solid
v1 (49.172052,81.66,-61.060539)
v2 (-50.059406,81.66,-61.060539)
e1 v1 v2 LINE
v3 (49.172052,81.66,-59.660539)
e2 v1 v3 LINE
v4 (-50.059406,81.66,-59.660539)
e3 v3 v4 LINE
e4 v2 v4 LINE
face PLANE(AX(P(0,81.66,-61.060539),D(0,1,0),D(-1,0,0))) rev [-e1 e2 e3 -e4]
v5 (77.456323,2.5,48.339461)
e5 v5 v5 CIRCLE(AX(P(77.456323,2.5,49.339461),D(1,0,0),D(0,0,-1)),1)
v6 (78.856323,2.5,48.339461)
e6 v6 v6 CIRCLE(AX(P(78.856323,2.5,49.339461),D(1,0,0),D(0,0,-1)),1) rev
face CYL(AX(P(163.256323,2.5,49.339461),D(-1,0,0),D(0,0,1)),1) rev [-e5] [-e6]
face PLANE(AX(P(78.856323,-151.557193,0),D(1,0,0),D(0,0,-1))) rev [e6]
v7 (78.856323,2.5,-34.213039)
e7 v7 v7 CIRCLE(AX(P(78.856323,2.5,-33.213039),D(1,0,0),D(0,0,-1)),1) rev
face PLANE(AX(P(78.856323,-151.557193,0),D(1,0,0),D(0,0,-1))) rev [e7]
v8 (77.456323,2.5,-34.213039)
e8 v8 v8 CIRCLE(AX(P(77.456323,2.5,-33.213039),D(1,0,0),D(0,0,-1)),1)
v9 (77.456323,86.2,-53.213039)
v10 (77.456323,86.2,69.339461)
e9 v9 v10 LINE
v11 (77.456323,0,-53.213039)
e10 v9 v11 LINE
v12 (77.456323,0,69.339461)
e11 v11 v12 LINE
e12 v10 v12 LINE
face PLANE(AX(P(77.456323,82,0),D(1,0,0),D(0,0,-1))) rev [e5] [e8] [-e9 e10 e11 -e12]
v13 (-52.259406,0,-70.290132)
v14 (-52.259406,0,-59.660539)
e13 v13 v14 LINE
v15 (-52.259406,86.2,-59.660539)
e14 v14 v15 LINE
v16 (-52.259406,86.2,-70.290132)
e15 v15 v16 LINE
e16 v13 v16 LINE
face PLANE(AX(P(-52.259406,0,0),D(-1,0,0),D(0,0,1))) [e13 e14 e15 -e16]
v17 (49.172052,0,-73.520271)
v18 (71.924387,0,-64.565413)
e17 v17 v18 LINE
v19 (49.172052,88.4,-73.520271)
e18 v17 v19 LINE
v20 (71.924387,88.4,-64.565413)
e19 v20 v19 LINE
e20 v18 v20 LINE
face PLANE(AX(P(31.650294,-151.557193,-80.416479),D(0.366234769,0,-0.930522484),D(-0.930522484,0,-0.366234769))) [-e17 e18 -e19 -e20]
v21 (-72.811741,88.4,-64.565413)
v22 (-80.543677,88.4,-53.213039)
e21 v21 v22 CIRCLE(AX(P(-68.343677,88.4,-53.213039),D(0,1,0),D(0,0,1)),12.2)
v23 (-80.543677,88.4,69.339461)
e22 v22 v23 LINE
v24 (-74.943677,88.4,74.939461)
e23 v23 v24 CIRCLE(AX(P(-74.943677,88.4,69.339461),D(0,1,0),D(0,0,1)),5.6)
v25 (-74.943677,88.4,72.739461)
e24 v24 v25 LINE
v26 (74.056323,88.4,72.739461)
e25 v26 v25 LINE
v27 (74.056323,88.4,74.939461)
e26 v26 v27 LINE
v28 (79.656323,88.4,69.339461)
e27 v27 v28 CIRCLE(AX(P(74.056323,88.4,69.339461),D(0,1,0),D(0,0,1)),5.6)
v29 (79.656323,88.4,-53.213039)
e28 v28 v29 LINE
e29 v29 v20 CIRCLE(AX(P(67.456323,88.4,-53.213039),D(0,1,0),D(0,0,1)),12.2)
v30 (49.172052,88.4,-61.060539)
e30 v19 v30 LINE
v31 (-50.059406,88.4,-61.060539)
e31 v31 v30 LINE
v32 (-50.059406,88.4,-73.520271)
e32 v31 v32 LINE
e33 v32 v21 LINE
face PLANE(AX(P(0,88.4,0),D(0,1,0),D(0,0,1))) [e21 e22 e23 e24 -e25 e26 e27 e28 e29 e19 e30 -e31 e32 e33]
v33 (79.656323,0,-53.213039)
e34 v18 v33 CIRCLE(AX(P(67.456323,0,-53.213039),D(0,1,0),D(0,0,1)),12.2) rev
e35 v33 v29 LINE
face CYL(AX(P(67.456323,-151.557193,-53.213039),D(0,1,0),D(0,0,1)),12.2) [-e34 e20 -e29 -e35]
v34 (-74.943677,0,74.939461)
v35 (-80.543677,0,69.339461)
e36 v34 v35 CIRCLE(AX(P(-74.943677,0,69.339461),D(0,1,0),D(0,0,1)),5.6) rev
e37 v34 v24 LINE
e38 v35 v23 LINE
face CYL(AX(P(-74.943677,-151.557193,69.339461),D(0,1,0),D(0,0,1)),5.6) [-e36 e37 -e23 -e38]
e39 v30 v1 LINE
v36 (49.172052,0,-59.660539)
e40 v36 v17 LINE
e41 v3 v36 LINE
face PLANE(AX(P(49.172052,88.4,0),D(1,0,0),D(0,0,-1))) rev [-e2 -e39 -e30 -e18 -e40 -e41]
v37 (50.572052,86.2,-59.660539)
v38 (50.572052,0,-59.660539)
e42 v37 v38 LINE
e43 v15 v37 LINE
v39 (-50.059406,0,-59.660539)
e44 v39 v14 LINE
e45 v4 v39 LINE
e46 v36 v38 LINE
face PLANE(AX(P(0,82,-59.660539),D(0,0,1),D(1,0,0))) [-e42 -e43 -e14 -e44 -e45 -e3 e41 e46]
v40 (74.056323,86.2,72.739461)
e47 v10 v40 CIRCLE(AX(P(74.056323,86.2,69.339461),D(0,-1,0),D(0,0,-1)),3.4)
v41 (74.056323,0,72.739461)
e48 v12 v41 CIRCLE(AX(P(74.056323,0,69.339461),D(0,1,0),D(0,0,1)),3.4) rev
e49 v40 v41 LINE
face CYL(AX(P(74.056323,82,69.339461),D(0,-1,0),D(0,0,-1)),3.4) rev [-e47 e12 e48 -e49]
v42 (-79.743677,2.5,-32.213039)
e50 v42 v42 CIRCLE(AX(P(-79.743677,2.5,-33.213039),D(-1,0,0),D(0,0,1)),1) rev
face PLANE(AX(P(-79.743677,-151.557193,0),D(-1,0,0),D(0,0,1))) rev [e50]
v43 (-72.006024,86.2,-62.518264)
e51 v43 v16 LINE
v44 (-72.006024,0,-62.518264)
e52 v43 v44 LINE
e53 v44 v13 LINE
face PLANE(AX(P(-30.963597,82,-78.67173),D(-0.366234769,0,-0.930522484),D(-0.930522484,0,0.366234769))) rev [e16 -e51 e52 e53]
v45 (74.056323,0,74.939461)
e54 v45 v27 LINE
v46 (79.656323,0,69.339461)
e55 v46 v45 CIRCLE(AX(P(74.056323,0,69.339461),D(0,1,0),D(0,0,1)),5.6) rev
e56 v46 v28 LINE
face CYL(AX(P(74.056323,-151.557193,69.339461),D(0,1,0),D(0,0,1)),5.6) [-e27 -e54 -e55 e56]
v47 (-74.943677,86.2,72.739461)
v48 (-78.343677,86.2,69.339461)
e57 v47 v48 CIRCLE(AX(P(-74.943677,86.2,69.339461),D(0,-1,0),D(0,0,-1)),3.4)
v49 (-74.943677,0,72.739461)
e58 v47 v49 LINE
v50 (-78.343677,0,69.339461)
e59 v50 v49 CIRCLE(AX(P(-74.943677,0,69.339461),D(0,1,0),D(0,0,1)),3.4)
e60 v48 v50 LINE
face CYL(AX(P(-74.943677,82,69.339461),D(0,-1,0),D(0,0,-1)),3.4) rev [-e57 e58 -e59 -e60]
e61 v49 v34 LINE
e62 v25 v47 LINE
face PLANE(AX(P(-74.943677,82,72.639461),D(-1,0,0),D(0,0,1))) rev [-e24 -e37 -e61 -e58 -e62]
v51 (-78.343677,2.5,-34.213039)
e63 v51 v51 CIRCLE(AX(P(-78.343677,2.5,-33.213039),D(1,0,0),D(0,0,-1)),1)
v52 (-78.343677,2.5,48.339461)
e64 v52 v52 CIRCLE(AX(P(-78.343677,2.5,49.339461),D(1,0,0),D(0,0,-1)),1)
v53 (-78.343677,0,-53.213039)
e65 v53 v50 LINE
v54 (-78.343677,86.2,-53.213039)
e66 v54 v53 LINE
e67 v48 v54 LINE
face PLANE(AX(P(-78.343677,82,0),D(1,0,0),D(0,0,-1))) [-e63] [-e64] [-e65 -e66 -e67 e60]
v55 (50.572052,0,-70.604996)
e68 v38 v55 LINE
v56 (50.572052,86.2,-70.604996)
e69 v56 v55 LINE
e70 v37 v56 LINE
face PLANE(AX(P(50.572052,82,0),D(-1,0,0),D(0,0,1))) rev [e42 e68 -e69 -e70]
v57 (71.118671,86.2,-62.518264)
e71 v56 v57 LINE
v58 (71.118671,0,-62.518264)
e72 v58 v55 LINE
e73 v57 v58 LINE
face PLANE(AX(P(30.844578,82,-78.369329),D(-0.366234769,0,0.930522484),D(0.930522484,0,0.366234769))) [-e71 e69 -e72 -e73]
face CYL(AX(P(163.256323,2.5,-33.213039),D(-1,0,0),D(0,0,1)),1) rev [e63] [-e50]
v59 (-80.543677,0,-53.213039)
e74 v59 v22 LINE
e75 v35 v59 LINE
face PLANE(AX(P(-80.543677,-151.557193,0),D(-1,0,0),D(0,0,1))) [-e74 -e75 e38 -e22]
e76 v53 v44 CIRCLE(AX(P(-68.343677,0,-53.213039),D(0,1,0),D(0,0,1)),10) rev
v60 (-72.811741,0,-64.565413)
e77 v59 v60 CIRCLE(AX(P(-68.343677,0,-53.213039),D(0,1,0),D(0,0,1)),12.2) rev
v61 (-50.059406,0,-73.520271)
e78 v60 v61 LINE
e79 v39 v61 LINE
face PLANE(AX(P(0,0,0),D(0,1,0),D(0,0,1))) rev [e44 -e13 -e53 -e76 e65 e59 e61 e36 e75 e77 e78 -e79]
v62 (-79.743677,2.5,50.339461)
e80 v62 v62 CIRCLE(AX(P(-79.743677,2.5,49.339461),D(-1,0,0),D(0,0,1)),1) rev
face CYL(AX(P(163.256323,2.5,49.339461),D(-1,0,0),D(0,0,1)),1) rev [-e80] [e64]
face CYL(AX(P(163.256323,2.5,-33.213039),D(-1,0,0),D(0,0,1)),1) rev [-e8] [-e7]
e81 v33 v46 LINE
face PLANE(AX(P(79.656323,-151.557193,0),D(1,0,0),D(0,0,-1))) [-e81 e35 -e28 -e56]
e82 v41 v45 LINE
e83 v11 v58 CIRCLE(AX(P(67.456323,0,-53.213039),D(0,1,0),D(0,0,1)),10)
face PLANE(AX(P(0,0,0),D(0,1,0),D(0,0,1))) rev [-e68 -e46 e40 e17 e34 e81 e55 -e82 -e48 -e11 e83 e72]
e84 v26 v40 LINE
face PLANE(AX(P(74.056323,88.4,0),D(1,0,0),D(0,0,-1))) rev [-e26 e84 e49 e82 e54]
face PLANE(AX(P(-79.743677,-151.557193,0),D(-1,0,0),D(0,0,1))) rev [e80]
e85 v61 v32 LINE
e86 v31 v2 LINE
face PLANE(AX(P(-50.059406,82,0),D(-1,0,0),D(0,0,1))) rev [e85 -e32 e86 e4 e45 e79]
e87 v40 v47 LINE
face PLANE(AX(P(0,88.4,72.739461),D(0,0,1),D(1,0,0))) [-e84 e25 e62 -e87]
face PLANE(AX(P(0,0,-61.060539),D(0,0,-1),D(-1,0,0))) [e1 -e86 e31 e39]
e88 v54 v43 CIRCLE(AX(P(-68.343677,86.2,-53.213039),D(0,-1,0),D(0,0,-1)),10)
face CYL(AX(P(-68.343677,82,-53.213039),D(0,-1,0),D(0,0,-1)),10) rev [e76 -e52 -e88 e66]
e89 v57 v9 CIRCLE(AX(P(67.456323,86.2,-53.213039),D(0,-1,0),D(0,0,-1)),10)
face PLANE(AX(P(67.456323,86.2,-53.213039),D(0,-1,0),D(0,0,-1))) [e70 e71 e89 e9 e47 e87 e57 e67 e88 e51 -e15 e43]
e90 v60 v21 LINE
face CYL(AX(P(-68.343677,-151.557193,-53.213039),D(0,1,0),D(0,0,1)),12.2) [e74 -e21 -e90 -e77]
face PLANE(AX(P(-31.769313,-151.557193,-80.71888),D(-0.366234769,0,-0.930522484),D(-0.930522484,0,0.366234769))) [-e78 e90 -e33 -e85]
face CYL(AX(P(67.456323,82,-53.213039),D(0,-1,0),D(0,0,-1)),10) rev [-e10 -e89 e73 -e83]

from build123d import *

# Parameters (mm, degrees)
BOSS_EXTRUDE2_DEPTH  = 82
BOSS_EXTRUDE3_DEPTH  = 1.5
SKETCH4_W            = 149
SKETCH4_H            = 82
CUT_EXTRUDE2_DEPTH   = 1.5
SKETCH5_W            = 99.231457505
SKETCH5_H            = 0.2
CUT_EXTRUDE3_DEPTH   = 18
SKETCH6_R            = 1
CUT_EXTRUDE4_DEPTH   = 243
CUT_EXTRUDE5_DEPTH   = 16.4
BOSS_EXTRUDE4_DEPTH  = 5
BOSS_EXTRUDE6_DEPTH  = 1.4
SKETCH10_W           = 99.231457505
SKETCH10_H           = 5.34
SKETCH10_H_2         = 1.4
BOSS_EXTRUDE7_DEPTH  = 1.4
BOSS_EXTRUDE8_DEPTH  = 88.4
BOSS_EXTRUDE9_DEPTH  = 0.8
SKETCH13_W           = 10.944457325
SKETCH13_H           = 86.2
BOSS_EXTRUDE10_DEPTH = 0.8


with BuildPart() as part:
    # Sketch1 → Boss-Extrude2 (new body)
    with BuildSketch(Plane(origin=(0, 0, 0), x_dir=(1, 0, 0), z_dir=(0, 1, 0))):
        with BuildLine():
            Line((-0.443676805, -72.739461341), (-0.443676805, -74.139461341))
            Line((-0.443676805, -74.139461341), (74.056323195, -74.139461341))
            ThreePointArc((74.056323195, -74.139461341), (77.450435745, -72.733573891), (78.856323195, -69.339461341))
            Line((78.856323195, -69.339461341), (78.856323195, -3.839461341))
            Line((78.856323195, -3.839461341), (78.856323195, 53.213038835))
            ThreePointArc((78.856323195, 53.213038835), (76.87852757, 59.630364191), (71.631399559, 63.820995158))
            Line((71.631399559, 63.820995158), (49.172051948, 72.660538659))
            Line((49.172051948, 72.660538659), (49.172051948, 71.156007577))
            Line((49.172051948, 71.156007577), (49.172051948, 59.660538659))
            Line((49.172051948, 59.660538659), (50.572051948, 59.660538659))
            Line((50.572051948, 59.660538659), (50.572051948, 70.604995984))
            Line((50.572051948, 70.604995984), (71.118670883, 62.51826368))
            ThreePointArc((71.118670883, 62.51826368), (75.721414752, 58.842271604), (77.456323195, 53.213038835))
            Line((77.456323195, 53.213038835), (77.456323195, -3.839461341))
            Line((77.456323195, -3.839461341), (77.456323195, -69.339461341))
            ThreePointArc((77.456323195, -69.339461341), (76.460486251, -71.743624398), (74.056323195, -72.739461341))
            Line((74.056323195, -72.739461341), (-0.443676805, -72.739461341))
        make_face()
        with BuildLine():
            Line((-74.943676805, -74.139461341), (-0.443676805, -74.139461341))
            Line((-0.443676805, -74.139461341), (-0.443676805, -72.739461341))
            Line((-0.443676805, -72.739461341), (-74.943676805, -72.739461341))
            ThreePointArc((-74.943676805, -72.739461341), (-77.347839861, -71.743624398), (-78.343676805, -69.339461341))
            Line((-78.343676805, -69.339461341), (-78.343676805, -3.839461341))
            Line((-78.343676805, -3.839461341), (-78.343676805, 53.213038835))
            ThreePointArc((-78.343676805, 53.213038835), (-76.608768361, 58.842271604), (-72.006024493, 62.51826368))
            Line((-72.006024493, 62.51826368), (-51.459405557, 70.604995984))
            Line((-51.459405557, 70.604995984), (-51.459405557, 59.660538659))
            Line((-51.459405557, 59.660538659), (-50.059405557, 59.660538659))
            Line((-50.059405557, 59.660538659), (-50.059405557, 71.156007577))
            Line((-50.059405557, 71.156007577), (-50.059405557, 72.660538659))
            Line((-50.059405557, 72.660538659), (-72.518753169, 63.820995158))
            ThreePointArc((-72.518753169, 63.820995158), (-77.765881179, 59.630364191), (-79.743676805, 53.213038835))
            Line((-79.743676805, 53.213038835), (-79.743676805, -3.839461341))
            Line((-79.743676805, -3.839461341), (-79.743676805, -69.339461341))
            ThreePointArc((-79.743676805, -69.339461341), (-78.337789355, -72.733573891), (-74.943676805, -74.139461341))
        make_face()
    extrude(amount=BOSS_EXTRUDE2_DEPTH)

    # Sketch3 → Boss-Extrude3 (add)
    with BuildSketch(Plane(origin=(0, 82, 0), x_dir=(1, 0, 0), z_dir=(0, 1, 0))):
        with BuildLine():
            Line((-50.059405557, 59.660538659), (49.172051948, 59.660538659))
            Line((49.172051948, 59.660538659), (50.572051948, 59.660538659))
            Line((50.572051948, 59.660538659), (50.572051948, 70.604995984))
            Line((50.572051948, 70.604995984), (71.118670883, 62.51826368))
            ThreePointArc((71.118670883, 62.51826368), (75.721414752, 58.842271604), (77.456323195, 53.213038835))
            Line((77.456323195, 53.213038835), (77.456323195, -69.339461341))
            ThreePointArc((77.456323195, -69.339461341), (76.460486251, -71.743624398), (74.056323195, -72.739461341))
            Line((74.056323195, -72.739461341), (-74.943676805, -72.739461341))
            ThreePointArc((-74.943676805, -72.739461341), (-77.347839861, -71.743624398), (-78.343676805, -69.339461341))
            Line((-78.343676805, -69.339461341), (-78.343676805, 53.213038835))
            ThreePointArc((-78.343676805, 53.213038835), (-76.608768361, 58.842271604), (-72.006024493, 62.51826368))
            Line((-72.006024493, 62.51826368), (-51.459405557, 70.604995984))
            Line((-51.459405557, 70.604995984), (-51.459405557, 59.660538659))
            Line((-51.459405557, 59.660538659), (-50.059405557, 59.660538659))
        make_face()
    extrude(amount=-BOSS_EXTRUDE3_DEPTH)

    # Sketch4 → Cut-Extrude2 (cut)
    with BuildSketch(Plane.XY.offset(74.139461341)):
        with Locations((-0.443676805, 41)):
            Rectangle(SKETCH4_W, SKETCH4_H)
    extrude(amount=-CUT_EXTRUDE2_DEPTH, mode=Mode.SUBTRACT)

    # Sketch5 → Cut-Extrude3 (cut)
    with BuildSketch(Plane(origin=(0, 82, 0), x_dir=(1, 0, 0), z_dir=(0, 1, 0))):
        with Locations((-0.443676805, 59.560538659)):
            Rectangle(SKETCH5_W, SKETCH5_H)
    extrude(amount=-CUT_EXTRUDE3_DEPTH, mode=Mode.SUBTRACT)

    # Sketch6 → Cut-Extrude4 (cut)
    with BuildSketch(Plane.ZY.offset(79.743676805)):
        with Locations((-33.213038835, 2.5)):
            Circle(SKETCH6_R)
        with Locations((49.339461341, 2.5)):
            Circle(SKETCH6_R)
    extrude(amount=-CUT_EXTRUDE4_DEPTH, mode=Mode.SUBTRACT)

    # Sketch7 → Cut-Extrude5 (cut)
    with BuildSketch(Plane.XZ.offset(-80.5)):
        with BuildLine():
            Line((-50.059405557, -59.460538659), (49.172051948, -59.460538659))
            Line((49.172051948, -59.460538659), (49.172051948, -59.660538659))
            Line((49.172051948, -59.660538659), (50.572051948, -59.660538659))
            Line((50.572051948, -59.660538659), (50.572051948, -70.604995984))
            Line((50.572051948, -70.604995984), (71.118670883, -62.51826368))
            ThreePointArc((71.118670883, -62.51826368), (75.721414752, -58.842271604), (77.456323195, -53.213038835))
            Line((77.456323195, -53.213038835), (77.456323195, 69.339461341))
            ThreePointArc((77.456323195, 69.339461341), (76.460486251, 71.743624398), (74.056323195, 72.739461341))
            Line((74.056323195, 72.739461341), (74.056323195, 72.639461341))
            Line((74.056323195, 72.639461341), (-74.943676805, 72.639461341))
            Line((-74.943676805, 72.639461341), (-74.943676805, 72.739461341))
            ThreePointArc((-74.943676805, 72.739461341), (-77.347839861, 71.743624398), (-78.343676805, 69.339461341))
            Line((-78.343676805, 69.339461341), (-78.343676805, -53.213038835))
            ThreePointArc((-78.343676805, -53.213038835), (-76.608768361, -58.842271604), (-72.006024493, -62.51826368))
            Line((-72.006024493, -62.51826368), (-51.459405557, -70.604995984))
            Line((-51.459405557, -70.604995984), (-51.459405557, -59.660538659))
            Line((-51.459405557, -59.660538659), (-50.059405557, -59.660538659))
            Line((-50.059405557, -59.660538659), (-50.059405557, -59.460538659))
        make_face()
    extrude(amount=-CUT_EXTRUDE5_DEPTH, mode=Mode.SUBTRACT)

    # Sketch8 → Boss-Extrude4 (add)
    with BuildSketch(Plane(origin=(0, 82, 0), x_dir=(1, 0, 0), z_dir=(0, 1, 0))):
        with BuildLine():
            Line((74.056323195, -72.739461341), (74.056323195, -74.139461341))
            ThreePointArc((74.056323195, -74.139461341), (77.450435745, -72.733573891), (78.856323195, -69.339461341))
            Line((78.856323195, -69.339461341), (78.856323195, 53.213038835))
            ThreePointArc((78.856323195, 53.213038835), (76.87852757, 59.630364191), (71.631399559, 63.820995158))
            Line((71.631399559, 63.820995158), (49.172051948, 72.660538659))
            Line((49.172051948, 72.660538659), (49.172051948, 59.660538659))
            Line((49.172051948, 59.660538659), (50.572051948, 59.660538659))
            Line((50.572051948, 59.660538659), (50.572051948, 70.604995984))
            Line((50.572051948, 70.604995984), (71.118670883, 62.51826368))
            ThreePointArc((71.118670883, 62.51826368), (75.721414752, 58.842271604), (77.456323195, 53.213038835))
            Line((77.456323195, 53.213038835), (77.456323195, -69.339461341))
            ThreePointArc((77.456323195, -69.339461341), (76.460486251, -71.743624398), (74.056323195, -72.739461341))
        make_face()
        with BuildLine():
            Line((-51.459405557, 59.660538659), (-50.059405557, 59.660538659))
            Line((-50.059405557, 59.660538659), (-50.059405557, 72.660538659))
            Line((-50.059405557, 72.660538659), (-72.518753169, 63.820995158))
            ThreePointArc((-72.518753169, 63.820995158), (-77.765881179, 59.630364191), (-79.743676805, 53.213038835))
            Line((-79.743676805, 53.213038835), (-79.743676805, -69.339461341))
            ThreePointArc((-79.743676805, -69.339461341), (-78.337789355, -72.733573891), (-74.943676805, -74.139461341))
            Line((-74.943676805, -74.139461341), (-74.943676805, -72.739461341))
            ThreePointArc((-74.943676805, -72.739461341), (-77.347839861, -71.743624398), (-78.343676805, -69.339461341))
            Line((-78.343676805, -69.339461341), (-78.343676805, 53.213038835))
            ThreePointArc((-78.343676805, 53.213038835), (-76.608768361, 58.842271604), (-72.006024493, 62.51826368))
            Line((-72.006024493, 62.51826368), (-51.459405557, 70.604995984))
            Line((-51.459405557, 70.604995984), (-51.459405557, 59.660538659))
        make_face()
    extrude(amount=BOSS_EXTRUDE4_DEPTH)

    # Sketch9 → Boss-Extrude6 (add)
    with BuildSketch(Plane(origin=(0, 87, 0), x_dir=(1, 0, 0), z_dir=(0, 1, 0))):
        with BuildLine():
            Line((77.456323195, 53.213038835), (77.456323195, -69.339461341))
            ThreePointArc((77.456323195, -69.339461341), (76.460486251, -71.743624398), (74.056323195, -72.739461341))
            Line((74.056323195, -72.739461341), (-74.943676805, -72.739461341))
            ThreePointArc((-74.943676805, -72.739461341), (-77.347839861, -71.743624398), (-78.343676805, -69.339461341))
            Line((-78.343676805, -69.339461341), (-78.343676805, 53.213038835))
            ThreePointArc((-78.343676805, 53.213038835), (-76.608768361, 58.842271604), (-72.006024493, 62.51826368))
            Line((-72.006024493, 62.51826368), (-51.459405557, 70.604995984))
            Line((-51.459405557, 70.604995984), (-51.459405557, 59.660538659))
            Line((-51.459405557, 59.660538659), (-50.059405557, 59.660538659))
            Line((-50.059405557, 59.660538659), (49.172051948, 59.660538659))
            Line((49.172051948, 59.660538659), (50.572051948, 59.660538659))
            Line((50.572051948, 59.660538659), (50.572051948, 70.604995984))
            Line((50.572051948, 70.604995984), (71.118670883, 62.51826368))
            ThreePointArc((71.118670883, 62.51826368), (75.721414752, 58.842271604), (77.456323195, 53.213038835))
        make_face()
        with BuildLine():
            Line((-72.006024493, 62.51826368), (-51.459405557, 70.604995984))
            Line((-51.459405557, 70.604995984), (-51.459405557, 59.660538659))
            Line((-51.459405557, 59.660538659), (-50.059405557, 59.660538659))
            Line((-50.059405557, 59.660538659), (-50.059405557, 72.660538659))
            Line((-50.059405557, 72.660538659), (-72.518753169, 63.820995158))
            ThreePointArc((-72.518753169, 63.820995158), (-77.765881179, 59.630364191), (-79.743676805, 53.213038835))
            Line((-79.743676805, 53.213038835), (-79.743676805, -69.339461341))
            ThreePointArc((-79.743676805, -69.339461341), (-78.337789355, -72.733573891), (-74.943676805, -74.139461341))
            Line((-74.943676805, -74.139461341), (-74.943676805, -72.739461341))
            ThreePointArc((-74.943676805, -72.739461341), (-77.347839861, -71.743624398), (-78.343676805, -69.339461341))
            Line((-78.343676805, -69.339461341), (-78.343676805, 53.213038835))
            ThreePointArc((-78.343676805, 53.213038835), (-76.608768361, 58.842271604), (-72.006024493, 62.51826368))
        make_face()
        with BuildLine():
            ThreePointArc((77.456323195, 53.213038835), (75.721414752, 58.842271604), (71.118670883, 62.51826368))
            Line((71.118670883, 62.51826368), (50.572051948, 70.604995984))
            Line((50.572051948, 70.604995984), (50.572051948, 59.660538659))
            Line((50.572051948, 59.660538659), (49.172051948, 59.660538659))
            Line((49.172051948, 59.660538659), (49.172051948, 72.660538659))
            Line((49.172051948, 72.660538659), (71.631399559, 63.820995158))
            ThreePointArc((71.631399559, 63.820995158), (76.87852757, 59.630364191), (78.856323195, 53.213038835))
            Line((78.856323195, 53.213038835), (78.856323195, -69.339461341))
            ThreePointArc((78.856323195, -69.339461341), (77.450435745, -72.733573891), (74.056323195, -74.139461341))
            Line((74.056323195, -74.139461341), (74.056323195, -72.739461341))
            ThreePointArc((74.056323195, -72.739461341), (76.460486251, -71.743624398), (77.456323195, -69.339461341))
            Line((77.456323195, -69.339461341), (77.456323195, 53.213038835))
        make_face()
    extrude(amount=BOSS_EXTRUDE6_DEPTH)

    # Sketch10 → Boss-Extrude7 (add)
    with BuildSketch(Plane(origin=(0, 0, -59.660538659), x_dir=(-1, 0, 0), z_dir=(0, 0, -1))):
        with Locations((0.443676805, 84.33)):
            Rectangle(SKETCH10_W, SKETCH10_H)
        with Locations((0.443676805, 87.7)):
            Rectangle(SKETCH10_W, SKETCH10_H_2)
    extrude(amount=BOSS_EXTRUDE7_DEPTH)

    # Sketch11 → Boss-Extrude8 (add)
    with BuildSketch(Plane(origin=(0, 88.4, 0), x_dir=(1, 0, 0), z_dir=(0, 1, 0))):
        with BuildLine():
            Line((71.924387374, 64.565413146), (49.172051948, 73.520270705))
            Line((49.172051948, 73.520270705), (49.172051948, 72.660538659))
            Line((49.172051948, 72.660538659), (71.631399559, 63.820995158))
            ThreePointArc((71.631399559, 63.820995158), (76.87852757, 59.630364191), (78.856323195, 53.213038835))
            Line((78.856323195, 53.213038835), (78.856323195, -69.339461341))
            ThreePointArc((78.856323195, -69.339461341), (77.450435745, -72.733573891), (74.056323195, -74.139461341))
            Line((74.056323195, -74.139461341), (74.056323195, -74.939461341))
            ThreePointArc((74.056323195, -74.939461341), (78.01612117, -73.299259316), (79.656323195, -69.339461341))
            Line((79.656323195, -69.339461341), (79.656323195, 53.213038835))
            ThreePointArc((79.656323195, 53.213038835), (77.539734894, 60.080702813), (71.924387374, 64.565413146))
        make_face()
        with BuildLine():
            Line((-50.059405557, 72.660538659), (-50.059405557, 73.520270705))
            Line((-50.059405557, 73.520270705), (-72.811740984, 64.565413146))
            ThreePointArc((-72.811740984, 64.565413146), (-78.427088504, 60.080702813), (-80.543676805, 53.213038835))
            Line((-80.543676805, 53.213038835), (-80.543676805, -69.339461341))
            ThreePointArc((-80.543676805, -69.339461341), (-78.90347478, -73.299259316), (-74.943676805, -74.939461341))
            Line((-74.943676805, -74.939461341), (-74.943676805, -74.139461341))
            ThreePointArc((-74.943676805, -74.139461341), (-78.337789355, -72.733573891), (-79.743676805, -69.339461341))
            Line((-79.743676805, -69.339461341), (-79.743676805, 53.213038835))
            ThreePointArc((-79.743676805, 53.213038835), (-77.765881179, 59.630364191), (-72.518753169, 63.820995158))
            Line((-72.518753169, 63.820995158), (-50.059405557, 72.660538659))
        make_face()
    extrude(amount=-BOSS_EXTRUDE8_DEPTH)

    # Sketch12 → Boss-Extrude9 (add)
    with BuildSketch(Plane.XZ.offset(-87)):
        with BuildLine():
            Line((-51.459405557, -59.660538659), (50.572051948, -59.660538659))
            Line((50.572051948, -59.660538659), (50.572051948, -70.604995984))
            Line((50.572051948, -70.604995984), (71.118670883, -62.51826368))
            ThreePointArc((71.118670883, -62.51826368), (75.721414752, -58.842271604), (77.456323195, -53.213038835))
            Line((77.456323195, -53.213038835), (77.456323195, 69.339461341))
            ThreePointArc((77.456323195, 69.339461341), (76.460486251, 71.743624398), (74.056323195, 72.739461341))
            Line((74.056323195, 72.739461341), (-74.943676805, 72.739461341))
            ThreePointArc((-74.943676805, 72.739461341), (-77.347839861, 71.743624398), (-78.343676805, 69.339461341))
            Line((-78.343676805, 69.339461341), (-78.343676805, -53.213038835))
            ThreePointArc((-78.343676805, -53.213038835), (-76.608768361, -58.842271604), (-72.006024493, -62.51826368))
            Line((-72.006024493, -62.51826368), (-51.459405557, -70.604995984))
            Line((-51.459405557, -70.604995984), (-51.459405557, -59.660538659))
        make_face()
    extrude(amount=BOSS_EXTRUDE9_DEPTH)

    # Sketch13 → Boss-Extrude10 (add)
    with BuildSketch(Plane.ZY.offset(51.459405557)):
        with Locations((-65.132767321, 43.1)):
            Rectangle(SKETCH13_W, SKETCH13_H)
    extrude(amount=BOSS_EXTRUDE10_DEPTH)


solid = part.part
